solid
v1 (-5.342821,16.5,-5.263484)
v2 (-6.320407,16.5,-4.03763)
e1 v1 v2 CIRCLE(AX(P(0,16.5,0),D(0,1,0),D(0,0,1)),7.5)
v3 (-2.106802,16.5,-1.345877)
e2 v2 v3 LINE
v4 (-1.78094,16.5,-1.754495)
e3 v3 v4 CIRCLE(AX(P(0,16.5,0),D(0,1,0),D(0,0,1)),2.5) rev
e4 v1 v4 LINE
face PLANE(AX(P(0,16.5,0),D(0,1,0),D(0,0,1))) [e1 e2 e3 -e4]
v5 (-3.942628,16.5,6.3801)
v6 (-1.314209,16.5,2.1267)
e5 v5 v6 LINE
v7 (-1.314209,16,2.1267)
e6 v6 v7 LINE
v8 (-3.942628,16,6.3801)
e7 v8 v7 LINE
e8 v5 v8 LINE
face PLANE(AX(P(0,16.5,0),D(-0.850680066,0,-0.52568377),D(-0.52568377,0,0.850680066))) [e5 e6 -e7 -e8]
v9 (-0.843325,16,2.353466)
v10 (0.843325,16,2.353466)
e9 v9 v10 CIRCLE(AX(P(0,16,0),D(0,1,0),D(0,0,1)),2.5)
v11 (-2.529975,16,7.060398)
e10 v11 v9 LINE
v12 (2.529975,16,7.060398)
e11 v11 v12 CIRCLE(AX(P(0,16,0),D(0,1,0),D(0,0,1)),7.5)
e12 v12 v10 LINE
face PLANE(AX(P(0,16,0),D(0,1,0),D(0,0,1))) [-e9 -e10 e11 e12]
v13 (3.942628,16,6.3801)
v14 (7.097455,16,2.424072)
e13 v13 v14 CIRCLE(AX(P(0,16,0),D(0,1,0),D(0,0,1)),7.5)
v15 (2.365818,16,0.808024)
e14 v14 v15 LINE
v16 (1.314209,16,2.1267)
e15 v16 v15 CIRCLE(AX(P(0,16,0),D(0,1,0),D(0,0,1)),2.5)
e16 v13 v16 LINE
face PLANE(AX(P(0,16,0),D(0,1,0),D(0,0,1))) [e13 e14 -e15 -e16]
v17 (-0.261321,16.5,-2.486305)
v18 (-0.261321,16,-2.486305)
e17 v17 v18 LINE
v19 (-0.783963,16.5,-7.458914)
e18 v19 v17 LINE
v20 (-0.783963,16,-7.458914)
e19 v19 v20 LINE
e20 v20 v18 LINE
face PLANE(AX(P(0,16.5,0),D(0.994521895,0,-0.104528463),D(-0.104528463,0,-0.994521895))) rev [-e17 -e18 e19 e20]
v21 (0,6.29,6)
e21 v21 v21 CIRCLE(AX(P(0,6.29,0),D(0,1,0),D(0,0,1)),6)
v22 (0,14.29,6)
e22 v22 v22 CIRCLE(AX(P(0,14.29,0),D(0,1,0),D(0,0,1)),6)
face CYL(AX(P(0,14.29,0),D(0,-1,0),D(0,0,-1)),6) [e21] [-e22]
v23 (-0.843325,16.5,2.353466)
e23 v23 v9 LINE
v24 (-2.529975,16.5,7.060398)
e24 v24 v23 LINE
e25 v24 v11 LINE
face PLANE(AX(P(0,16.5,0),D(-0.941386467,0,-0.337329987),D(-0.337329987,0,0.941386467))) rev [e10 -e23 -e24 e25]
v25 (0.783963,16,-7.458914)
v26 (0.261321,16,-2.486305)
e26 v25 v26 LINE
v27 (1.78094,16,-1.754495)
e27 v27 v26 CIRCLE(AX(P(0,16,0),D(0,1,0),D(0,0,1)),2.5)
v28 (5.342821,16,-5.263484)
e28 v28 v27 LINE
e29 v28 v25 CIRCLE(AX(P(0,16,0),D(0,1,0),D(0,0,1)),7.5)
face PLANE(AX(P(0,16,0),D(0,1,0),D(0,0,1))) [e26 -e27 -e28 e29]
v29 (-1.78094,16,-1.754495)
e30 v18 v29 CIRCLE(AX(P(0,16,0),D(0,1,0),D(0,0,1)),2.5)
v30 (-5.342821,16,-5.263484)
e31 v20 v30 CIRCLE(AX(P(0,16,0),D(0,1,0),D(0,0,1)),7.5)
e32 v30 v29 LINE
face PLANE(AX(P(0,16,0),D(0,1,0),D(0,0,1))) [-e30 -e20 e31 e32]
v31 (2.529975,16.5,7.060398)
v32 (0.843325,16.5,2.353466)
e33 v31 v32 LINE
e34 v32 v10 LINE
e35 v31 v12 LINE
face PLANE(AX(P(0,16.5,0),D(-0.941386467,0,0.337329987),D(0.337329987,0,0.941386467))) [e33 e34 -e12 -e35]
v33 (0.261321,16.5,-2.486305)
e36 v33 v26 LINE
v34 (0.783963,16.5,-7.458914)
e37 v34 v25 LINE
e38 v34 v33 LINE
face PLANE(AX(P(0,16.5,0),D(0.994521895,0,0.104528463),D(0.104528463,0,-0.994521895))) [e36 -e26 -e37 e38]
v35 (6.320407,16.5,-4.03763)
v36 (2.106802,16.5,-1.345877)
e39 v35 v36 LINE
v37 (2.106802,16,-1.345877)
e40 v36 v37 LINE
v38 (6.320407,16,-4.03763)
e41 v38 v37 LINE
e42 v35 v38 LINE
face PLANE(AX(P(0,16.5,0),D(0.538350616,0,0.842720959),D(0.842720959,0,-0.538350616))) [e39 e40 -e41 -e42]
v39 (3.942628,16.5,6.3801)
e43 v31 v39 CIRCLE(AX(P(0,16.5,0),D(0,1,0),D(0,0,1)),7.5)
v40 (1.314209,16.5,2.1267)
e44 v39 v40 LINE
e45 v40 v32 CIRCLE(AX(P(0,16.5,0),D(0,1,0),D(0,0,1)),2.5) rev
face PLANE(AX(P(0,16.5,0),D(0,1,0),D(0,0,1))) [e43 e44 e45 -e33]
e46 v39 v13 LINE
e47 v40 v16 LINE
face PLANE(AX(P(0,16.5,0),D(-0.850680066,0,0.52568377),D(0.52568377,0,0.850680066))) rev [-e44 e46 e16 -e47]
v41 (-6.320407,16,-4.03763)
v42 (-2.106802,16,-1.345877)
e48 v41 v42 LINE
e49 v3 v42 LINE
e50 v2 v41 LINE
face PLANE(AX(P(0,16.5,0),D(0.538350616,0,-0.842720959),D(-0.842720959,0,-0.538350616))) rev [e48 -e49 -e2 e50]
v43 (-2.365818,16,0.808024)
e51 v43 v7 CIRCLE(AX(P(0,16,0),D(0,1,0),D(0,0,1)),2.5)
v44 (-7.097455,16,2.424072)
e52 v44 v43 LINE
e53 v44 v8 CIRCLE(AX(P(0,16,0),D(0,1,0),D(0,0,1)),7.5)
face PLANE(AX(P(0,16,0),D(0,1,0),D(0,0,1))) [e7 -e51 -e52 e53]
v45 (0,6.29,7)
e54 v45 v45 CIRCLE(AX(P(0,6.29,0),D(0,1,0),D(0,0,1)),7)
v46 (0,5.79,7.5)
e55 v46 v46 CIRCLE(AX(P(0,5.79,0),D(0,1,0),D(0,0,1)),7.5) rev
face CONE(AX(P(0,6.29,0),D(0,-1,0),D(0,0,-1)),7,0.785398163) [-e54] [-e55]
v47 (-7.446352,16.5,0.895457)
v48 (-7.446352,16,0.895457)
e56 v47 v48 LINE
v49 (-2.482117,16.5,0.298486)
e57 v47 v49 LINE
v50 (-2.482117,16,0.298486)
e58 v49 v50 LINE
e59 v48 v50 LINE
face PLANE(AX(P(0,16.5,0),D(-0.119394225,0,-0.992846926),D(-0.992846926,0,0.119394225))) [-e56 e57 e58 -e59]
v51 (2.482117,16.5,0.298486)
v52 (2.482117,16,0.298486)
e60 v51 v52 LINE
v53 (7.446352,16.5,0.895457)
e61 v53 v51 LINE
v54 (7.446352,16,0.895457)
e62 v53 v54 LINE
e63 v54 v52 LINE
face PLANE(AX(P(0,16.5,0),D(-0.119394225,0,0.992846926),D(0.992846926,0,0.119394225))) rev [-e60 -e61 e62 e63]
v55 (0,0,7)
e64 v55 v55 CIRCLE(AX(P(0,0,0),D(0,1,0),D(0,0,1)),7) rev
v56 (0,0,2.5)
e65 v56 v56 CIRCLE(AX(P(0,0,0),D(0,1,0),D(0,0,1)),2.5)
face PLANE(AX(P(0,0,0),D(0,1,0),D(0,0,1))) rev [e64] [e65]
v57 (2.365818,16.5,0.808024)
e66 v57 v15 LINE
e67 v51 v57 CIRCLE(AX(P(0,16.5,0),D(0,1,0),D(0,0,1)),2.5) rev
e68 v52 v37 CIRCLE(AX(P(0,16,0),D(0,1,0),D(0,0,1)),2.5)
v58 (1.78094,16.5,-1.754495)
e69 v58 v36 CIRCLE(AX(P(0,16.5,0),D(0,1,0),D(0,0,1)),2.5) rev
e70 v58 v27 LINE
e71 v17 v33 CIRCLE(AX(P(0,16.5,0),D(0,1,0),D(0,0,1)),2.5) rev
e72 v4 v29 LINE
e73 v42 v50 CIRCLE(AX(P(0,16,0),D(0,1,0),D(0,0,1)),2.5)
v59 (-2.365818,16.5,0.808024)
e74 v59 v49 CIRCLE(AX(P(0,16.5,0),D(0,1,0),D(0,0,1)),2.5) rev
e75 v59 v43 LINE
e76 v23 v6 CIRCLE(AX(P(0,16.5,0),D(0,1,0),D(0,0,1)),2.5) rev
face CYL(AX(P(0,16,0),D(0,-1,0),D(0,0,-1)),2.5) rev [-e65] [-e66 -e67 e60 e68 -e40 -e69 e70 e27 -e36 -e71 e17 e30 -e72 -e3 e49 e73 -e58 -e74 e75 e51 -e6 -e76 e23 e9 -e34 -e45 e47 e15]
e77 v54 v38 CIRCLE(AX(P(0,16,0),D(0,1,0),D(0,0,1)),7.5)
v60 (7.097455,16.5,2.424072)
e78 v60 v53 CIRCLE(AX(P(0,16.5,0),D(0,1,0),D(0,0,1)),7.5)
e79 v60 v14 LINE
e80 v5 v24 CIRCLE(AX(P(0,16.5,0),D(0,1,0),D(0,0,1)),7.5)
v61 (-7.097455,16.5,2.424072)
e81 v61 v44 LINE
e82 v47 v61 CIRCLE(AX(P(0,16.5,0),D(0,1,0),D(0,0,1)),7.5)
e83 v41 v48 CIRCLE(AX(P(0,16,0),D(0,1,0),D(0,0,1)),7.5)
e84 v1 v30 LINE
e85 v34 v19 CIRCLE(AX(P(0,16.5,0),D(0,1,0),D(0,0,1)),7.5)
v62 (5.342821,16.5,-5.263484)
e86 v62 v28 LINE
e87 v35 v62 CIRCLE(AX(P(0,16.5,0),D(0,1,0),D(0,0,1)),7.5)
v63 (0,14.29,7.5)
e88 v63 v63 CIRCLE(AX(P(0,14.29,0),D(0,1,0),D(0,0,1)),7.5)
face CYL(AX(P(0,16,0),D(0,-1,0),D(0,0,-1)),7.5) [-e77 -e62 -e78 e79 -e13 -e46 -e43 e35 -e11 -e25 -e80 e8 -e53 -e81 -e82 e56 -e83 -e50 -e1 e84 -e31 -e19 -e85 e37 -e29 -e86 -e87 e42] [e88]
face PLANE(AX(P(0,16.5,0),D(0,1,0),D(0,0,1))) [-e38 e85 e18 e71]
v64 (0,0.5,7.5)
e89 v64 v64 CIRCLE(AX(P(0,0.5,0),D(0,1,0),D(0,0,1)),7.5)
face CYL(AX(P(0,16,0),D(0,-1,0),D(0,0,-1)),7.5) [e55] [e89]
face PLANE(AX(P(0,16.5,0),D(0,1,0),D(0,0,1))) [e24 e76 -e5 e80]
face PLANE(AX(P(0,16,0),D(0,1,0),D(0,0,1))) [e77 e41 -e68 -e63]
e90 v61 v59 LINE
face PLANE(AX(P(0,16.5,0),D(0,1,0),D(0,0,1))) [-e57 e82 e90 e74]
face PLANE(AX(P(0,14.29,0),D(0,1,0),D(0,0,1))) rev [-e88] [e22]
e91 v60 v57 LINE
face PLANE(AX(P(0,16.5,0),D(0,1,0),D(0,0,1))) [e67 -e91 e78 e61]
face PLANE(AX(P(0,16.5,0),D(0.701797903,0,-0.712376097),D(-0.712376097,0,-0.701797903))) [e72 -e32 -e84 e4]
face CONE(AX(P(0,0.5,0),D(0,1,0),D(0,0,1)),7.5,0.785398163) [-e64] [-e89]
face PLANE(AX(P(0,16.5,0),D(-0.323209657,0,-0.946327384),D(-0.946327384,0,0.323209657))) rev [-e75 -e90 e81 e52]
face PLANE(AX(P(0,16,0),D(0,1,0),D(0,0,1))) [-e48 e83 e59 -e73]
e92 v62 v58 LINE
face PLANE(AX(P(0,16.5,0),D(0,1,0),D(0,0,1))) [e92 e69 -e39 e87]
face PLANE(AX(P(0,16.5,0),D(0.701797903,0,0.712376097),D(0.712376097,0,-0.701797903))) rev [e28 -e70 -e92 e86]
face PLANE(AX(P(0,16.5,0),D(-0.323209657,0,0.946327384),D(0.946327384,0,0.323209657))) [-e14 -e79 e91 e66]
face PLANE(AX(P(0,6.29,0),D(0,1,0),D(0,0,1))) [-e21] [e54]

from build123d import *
from build123d.topology import SkipClean

# Parameters (mm, degrees)
SKETCH2_R           = 7.5
SKETCH2_R_2         = 2.5
BOSS_EXTRUDE1_DEPTH = 16
SKETCH3_OUTSIDE_W   = 22.314
SKETCH3_OUTSIDE_H   = 22.314
SKETCH3_OUTSIDE_R   = 6
CUT_EXTRUDE1_DEPTH  = 8
CHAMFER1_SIZE       = 0.5
BOSS_EXTRUDE2_DEPTH = 0.5


with BuildPart() as part:
    # Sketch2 → Boss-Extrude1 (new body)
    with BuildSketch(Plane(origin=(0, 0, 0), x_dir=(1, 0, 0), z_dir=(0, 1, 0))):
        with Locations(Location((0, 0, 0), (0, 0, 270))):
            Circle(SKETCH2_R)
        with Locations(Location((0, 0, 0), (0, 0, 270))):
            Circle(SKETCH2_R_2, mode=Mode.SUBTRACT)
    extrude(amount=BOSS_EXTRUDE1_DEPTH)

    # Sketch3 outside → Cut-Extrude1 (cut)
    with BuildSketch(Plane(origin=(0, 6.29, 0), x_dir=(1, 0, 0), z_dir=(0, 1, 0))):
        Rectangle(SKETCH3_OUTSIDE_W, SKETCH3_OUTSIDE_H)
        with Locations(Location((0, 0, 0), (0, 0, 270))):
            Circle(SKETCH3_OUTSIDE_R, mode=Mode.SUBTRACT)
    extrude(amount=CUT_EXTRUDE1_DEPTH, mode=Mode.SUBTRACT)

    # Chamfer1
    chamfer1_edges = [part.edges().sort_by_distance(p)[0] for p in [
        (0, 6.29, -7.5),
        (0, 0, -7.5),
    ]]
    chamfer(chamfer1_edges, length=CHAMFER1_SIZE)

    # Sketch7 → Boss-Extrude2 (add)
    with SkipClean():  # the faces are left unmerged after this step: merging them gives an invalid solid
        with BuildSketch(Plane(origin=(0, 16, 0), x_dir=(1, 0, 0), z_dir=(0, 1, 0))):
            with BuildLine():
                ThreePointArc((0.783963475, 7.458914215), (0.392519672, 7.489721511), (0, 7.5))
                Line((0, 7.5), (0, 2.5))
                ThreePointArc((0, 2.5), (0.130839891, 2.496573837), (0.261321158, 2.486304738))
                Line((0.261321158, 2.486304738), (0.783963475, 7.458914215))
            make_face()
            with BuildLine():
                Line((0, 2.5), (0, 7.5))
                ThreePointArc((0, 7.5), (-0.392519672, 7.489721511), (-0.783963475, 7.458914215))
                Line((-0.783963475, 7.458914215), (-0.261321158, 2.486304738))
                ThreePointArc((-0.261321158, 2.486304738), (-0.130839891, 2.496573837), (0, 2.5))
            make_face()
            with BuildLine():
                Line((-1.780940242, 1.754494757), (-5.342820727, 5.263484272))
                ThreePointArc((-5.342820727, 5.263484272), (-5.863736119, 4.676173514), (-6.32040719, 4.037629621))
                Line((-6.32040719, 4.037629621), (-2.106802397, 1.34587654))
                ThreePointArc((-2.106802397, 1.34587654), (-1.954578706, 1.558724505), (-1.780940242, 1.754494757))
            make_face()
            with BuildLine():
                Line((-2.482117316, -0.298485561), (-7.446351948, -0.895456684))
                ThreePointArc((-7.446351948, -0.895456684), (-7.311959341, -1.668907005), (-7.097455378, -2.424072431))
                Line((-7.097455378, -2.424072431), (-2.365818459, -0.808024144))
                ThreePointArc((-2.365818459, -0.808024144), (-2.43731978, -0.556302335), (-2.482117316, -0.298485561))
            make_face()
            with BuildLine():
                Line((-1.314209425, -2.126700164), (-3.942628274, -6.380100493))
                ThreePointArc((-3.942628274, -6.380100493), (-3.254128043, -6.757266509), (-2.529974905, -7.0603985))
                Line((-2.529974905, -7.0603985), (-0.843324968, -2.353466167))
                ThreePointArc((-0.843324968, -2.353466167), (-1.084709348, -2.25242217), (-1.314209425, -2.126700164))
            make_face()
            with BuildLine():
                ThreePointArc((2.529974905, -7.0603985), (3.254128043, -6.757266509), (3.942628274, -6.380100493))
                Line((3.942628274, -6.380100493), (1.314209425, -2.126700164))
                ThreePointArc((1.314209425, -2.126700164), (1.084709348, -2.25242217), (0.843324968, -2.353466167))
                Line((0.843324968, -2.353466167), (2.529974905, -7.0603985))
            make_face()
            with BuildLine():
                ThreePointArc((7.097455378, -2.424072431), (7.311959341, -1.668907005), (7.446351948, -0.895456684))
                Line((7.446351948, -0.895456684), (2.482117316, -0.298485561))
                ThreePointArc((2.482117316, -0.298485561), (2.43731978, -0.556302335), (2.365818459, -0.808024144))
                Line((2.365818459, -0.808024144), (7.097455378, -2.424072431))
            make_face()
            with BuildLine():
                ThreePointArc((6.32040719, 4.037629621), (5.863736119, 4.676173514), (5.342820727, 5.263484272))
                Line((5.342820727, 5.263484272), (1.780940242, 1.754494757))
                ThreePointArc((1.780940242, 1.754494757), (1.954578706, 1.558724505), (2.106802397, 1.34587654))
                Line((2.106802397, 1.34587654), (6.32040719, 4.037629621))
            make_face()
        extrude(amount=BOSS_EXTRUDE2_DEPTH)


solid = part.part
